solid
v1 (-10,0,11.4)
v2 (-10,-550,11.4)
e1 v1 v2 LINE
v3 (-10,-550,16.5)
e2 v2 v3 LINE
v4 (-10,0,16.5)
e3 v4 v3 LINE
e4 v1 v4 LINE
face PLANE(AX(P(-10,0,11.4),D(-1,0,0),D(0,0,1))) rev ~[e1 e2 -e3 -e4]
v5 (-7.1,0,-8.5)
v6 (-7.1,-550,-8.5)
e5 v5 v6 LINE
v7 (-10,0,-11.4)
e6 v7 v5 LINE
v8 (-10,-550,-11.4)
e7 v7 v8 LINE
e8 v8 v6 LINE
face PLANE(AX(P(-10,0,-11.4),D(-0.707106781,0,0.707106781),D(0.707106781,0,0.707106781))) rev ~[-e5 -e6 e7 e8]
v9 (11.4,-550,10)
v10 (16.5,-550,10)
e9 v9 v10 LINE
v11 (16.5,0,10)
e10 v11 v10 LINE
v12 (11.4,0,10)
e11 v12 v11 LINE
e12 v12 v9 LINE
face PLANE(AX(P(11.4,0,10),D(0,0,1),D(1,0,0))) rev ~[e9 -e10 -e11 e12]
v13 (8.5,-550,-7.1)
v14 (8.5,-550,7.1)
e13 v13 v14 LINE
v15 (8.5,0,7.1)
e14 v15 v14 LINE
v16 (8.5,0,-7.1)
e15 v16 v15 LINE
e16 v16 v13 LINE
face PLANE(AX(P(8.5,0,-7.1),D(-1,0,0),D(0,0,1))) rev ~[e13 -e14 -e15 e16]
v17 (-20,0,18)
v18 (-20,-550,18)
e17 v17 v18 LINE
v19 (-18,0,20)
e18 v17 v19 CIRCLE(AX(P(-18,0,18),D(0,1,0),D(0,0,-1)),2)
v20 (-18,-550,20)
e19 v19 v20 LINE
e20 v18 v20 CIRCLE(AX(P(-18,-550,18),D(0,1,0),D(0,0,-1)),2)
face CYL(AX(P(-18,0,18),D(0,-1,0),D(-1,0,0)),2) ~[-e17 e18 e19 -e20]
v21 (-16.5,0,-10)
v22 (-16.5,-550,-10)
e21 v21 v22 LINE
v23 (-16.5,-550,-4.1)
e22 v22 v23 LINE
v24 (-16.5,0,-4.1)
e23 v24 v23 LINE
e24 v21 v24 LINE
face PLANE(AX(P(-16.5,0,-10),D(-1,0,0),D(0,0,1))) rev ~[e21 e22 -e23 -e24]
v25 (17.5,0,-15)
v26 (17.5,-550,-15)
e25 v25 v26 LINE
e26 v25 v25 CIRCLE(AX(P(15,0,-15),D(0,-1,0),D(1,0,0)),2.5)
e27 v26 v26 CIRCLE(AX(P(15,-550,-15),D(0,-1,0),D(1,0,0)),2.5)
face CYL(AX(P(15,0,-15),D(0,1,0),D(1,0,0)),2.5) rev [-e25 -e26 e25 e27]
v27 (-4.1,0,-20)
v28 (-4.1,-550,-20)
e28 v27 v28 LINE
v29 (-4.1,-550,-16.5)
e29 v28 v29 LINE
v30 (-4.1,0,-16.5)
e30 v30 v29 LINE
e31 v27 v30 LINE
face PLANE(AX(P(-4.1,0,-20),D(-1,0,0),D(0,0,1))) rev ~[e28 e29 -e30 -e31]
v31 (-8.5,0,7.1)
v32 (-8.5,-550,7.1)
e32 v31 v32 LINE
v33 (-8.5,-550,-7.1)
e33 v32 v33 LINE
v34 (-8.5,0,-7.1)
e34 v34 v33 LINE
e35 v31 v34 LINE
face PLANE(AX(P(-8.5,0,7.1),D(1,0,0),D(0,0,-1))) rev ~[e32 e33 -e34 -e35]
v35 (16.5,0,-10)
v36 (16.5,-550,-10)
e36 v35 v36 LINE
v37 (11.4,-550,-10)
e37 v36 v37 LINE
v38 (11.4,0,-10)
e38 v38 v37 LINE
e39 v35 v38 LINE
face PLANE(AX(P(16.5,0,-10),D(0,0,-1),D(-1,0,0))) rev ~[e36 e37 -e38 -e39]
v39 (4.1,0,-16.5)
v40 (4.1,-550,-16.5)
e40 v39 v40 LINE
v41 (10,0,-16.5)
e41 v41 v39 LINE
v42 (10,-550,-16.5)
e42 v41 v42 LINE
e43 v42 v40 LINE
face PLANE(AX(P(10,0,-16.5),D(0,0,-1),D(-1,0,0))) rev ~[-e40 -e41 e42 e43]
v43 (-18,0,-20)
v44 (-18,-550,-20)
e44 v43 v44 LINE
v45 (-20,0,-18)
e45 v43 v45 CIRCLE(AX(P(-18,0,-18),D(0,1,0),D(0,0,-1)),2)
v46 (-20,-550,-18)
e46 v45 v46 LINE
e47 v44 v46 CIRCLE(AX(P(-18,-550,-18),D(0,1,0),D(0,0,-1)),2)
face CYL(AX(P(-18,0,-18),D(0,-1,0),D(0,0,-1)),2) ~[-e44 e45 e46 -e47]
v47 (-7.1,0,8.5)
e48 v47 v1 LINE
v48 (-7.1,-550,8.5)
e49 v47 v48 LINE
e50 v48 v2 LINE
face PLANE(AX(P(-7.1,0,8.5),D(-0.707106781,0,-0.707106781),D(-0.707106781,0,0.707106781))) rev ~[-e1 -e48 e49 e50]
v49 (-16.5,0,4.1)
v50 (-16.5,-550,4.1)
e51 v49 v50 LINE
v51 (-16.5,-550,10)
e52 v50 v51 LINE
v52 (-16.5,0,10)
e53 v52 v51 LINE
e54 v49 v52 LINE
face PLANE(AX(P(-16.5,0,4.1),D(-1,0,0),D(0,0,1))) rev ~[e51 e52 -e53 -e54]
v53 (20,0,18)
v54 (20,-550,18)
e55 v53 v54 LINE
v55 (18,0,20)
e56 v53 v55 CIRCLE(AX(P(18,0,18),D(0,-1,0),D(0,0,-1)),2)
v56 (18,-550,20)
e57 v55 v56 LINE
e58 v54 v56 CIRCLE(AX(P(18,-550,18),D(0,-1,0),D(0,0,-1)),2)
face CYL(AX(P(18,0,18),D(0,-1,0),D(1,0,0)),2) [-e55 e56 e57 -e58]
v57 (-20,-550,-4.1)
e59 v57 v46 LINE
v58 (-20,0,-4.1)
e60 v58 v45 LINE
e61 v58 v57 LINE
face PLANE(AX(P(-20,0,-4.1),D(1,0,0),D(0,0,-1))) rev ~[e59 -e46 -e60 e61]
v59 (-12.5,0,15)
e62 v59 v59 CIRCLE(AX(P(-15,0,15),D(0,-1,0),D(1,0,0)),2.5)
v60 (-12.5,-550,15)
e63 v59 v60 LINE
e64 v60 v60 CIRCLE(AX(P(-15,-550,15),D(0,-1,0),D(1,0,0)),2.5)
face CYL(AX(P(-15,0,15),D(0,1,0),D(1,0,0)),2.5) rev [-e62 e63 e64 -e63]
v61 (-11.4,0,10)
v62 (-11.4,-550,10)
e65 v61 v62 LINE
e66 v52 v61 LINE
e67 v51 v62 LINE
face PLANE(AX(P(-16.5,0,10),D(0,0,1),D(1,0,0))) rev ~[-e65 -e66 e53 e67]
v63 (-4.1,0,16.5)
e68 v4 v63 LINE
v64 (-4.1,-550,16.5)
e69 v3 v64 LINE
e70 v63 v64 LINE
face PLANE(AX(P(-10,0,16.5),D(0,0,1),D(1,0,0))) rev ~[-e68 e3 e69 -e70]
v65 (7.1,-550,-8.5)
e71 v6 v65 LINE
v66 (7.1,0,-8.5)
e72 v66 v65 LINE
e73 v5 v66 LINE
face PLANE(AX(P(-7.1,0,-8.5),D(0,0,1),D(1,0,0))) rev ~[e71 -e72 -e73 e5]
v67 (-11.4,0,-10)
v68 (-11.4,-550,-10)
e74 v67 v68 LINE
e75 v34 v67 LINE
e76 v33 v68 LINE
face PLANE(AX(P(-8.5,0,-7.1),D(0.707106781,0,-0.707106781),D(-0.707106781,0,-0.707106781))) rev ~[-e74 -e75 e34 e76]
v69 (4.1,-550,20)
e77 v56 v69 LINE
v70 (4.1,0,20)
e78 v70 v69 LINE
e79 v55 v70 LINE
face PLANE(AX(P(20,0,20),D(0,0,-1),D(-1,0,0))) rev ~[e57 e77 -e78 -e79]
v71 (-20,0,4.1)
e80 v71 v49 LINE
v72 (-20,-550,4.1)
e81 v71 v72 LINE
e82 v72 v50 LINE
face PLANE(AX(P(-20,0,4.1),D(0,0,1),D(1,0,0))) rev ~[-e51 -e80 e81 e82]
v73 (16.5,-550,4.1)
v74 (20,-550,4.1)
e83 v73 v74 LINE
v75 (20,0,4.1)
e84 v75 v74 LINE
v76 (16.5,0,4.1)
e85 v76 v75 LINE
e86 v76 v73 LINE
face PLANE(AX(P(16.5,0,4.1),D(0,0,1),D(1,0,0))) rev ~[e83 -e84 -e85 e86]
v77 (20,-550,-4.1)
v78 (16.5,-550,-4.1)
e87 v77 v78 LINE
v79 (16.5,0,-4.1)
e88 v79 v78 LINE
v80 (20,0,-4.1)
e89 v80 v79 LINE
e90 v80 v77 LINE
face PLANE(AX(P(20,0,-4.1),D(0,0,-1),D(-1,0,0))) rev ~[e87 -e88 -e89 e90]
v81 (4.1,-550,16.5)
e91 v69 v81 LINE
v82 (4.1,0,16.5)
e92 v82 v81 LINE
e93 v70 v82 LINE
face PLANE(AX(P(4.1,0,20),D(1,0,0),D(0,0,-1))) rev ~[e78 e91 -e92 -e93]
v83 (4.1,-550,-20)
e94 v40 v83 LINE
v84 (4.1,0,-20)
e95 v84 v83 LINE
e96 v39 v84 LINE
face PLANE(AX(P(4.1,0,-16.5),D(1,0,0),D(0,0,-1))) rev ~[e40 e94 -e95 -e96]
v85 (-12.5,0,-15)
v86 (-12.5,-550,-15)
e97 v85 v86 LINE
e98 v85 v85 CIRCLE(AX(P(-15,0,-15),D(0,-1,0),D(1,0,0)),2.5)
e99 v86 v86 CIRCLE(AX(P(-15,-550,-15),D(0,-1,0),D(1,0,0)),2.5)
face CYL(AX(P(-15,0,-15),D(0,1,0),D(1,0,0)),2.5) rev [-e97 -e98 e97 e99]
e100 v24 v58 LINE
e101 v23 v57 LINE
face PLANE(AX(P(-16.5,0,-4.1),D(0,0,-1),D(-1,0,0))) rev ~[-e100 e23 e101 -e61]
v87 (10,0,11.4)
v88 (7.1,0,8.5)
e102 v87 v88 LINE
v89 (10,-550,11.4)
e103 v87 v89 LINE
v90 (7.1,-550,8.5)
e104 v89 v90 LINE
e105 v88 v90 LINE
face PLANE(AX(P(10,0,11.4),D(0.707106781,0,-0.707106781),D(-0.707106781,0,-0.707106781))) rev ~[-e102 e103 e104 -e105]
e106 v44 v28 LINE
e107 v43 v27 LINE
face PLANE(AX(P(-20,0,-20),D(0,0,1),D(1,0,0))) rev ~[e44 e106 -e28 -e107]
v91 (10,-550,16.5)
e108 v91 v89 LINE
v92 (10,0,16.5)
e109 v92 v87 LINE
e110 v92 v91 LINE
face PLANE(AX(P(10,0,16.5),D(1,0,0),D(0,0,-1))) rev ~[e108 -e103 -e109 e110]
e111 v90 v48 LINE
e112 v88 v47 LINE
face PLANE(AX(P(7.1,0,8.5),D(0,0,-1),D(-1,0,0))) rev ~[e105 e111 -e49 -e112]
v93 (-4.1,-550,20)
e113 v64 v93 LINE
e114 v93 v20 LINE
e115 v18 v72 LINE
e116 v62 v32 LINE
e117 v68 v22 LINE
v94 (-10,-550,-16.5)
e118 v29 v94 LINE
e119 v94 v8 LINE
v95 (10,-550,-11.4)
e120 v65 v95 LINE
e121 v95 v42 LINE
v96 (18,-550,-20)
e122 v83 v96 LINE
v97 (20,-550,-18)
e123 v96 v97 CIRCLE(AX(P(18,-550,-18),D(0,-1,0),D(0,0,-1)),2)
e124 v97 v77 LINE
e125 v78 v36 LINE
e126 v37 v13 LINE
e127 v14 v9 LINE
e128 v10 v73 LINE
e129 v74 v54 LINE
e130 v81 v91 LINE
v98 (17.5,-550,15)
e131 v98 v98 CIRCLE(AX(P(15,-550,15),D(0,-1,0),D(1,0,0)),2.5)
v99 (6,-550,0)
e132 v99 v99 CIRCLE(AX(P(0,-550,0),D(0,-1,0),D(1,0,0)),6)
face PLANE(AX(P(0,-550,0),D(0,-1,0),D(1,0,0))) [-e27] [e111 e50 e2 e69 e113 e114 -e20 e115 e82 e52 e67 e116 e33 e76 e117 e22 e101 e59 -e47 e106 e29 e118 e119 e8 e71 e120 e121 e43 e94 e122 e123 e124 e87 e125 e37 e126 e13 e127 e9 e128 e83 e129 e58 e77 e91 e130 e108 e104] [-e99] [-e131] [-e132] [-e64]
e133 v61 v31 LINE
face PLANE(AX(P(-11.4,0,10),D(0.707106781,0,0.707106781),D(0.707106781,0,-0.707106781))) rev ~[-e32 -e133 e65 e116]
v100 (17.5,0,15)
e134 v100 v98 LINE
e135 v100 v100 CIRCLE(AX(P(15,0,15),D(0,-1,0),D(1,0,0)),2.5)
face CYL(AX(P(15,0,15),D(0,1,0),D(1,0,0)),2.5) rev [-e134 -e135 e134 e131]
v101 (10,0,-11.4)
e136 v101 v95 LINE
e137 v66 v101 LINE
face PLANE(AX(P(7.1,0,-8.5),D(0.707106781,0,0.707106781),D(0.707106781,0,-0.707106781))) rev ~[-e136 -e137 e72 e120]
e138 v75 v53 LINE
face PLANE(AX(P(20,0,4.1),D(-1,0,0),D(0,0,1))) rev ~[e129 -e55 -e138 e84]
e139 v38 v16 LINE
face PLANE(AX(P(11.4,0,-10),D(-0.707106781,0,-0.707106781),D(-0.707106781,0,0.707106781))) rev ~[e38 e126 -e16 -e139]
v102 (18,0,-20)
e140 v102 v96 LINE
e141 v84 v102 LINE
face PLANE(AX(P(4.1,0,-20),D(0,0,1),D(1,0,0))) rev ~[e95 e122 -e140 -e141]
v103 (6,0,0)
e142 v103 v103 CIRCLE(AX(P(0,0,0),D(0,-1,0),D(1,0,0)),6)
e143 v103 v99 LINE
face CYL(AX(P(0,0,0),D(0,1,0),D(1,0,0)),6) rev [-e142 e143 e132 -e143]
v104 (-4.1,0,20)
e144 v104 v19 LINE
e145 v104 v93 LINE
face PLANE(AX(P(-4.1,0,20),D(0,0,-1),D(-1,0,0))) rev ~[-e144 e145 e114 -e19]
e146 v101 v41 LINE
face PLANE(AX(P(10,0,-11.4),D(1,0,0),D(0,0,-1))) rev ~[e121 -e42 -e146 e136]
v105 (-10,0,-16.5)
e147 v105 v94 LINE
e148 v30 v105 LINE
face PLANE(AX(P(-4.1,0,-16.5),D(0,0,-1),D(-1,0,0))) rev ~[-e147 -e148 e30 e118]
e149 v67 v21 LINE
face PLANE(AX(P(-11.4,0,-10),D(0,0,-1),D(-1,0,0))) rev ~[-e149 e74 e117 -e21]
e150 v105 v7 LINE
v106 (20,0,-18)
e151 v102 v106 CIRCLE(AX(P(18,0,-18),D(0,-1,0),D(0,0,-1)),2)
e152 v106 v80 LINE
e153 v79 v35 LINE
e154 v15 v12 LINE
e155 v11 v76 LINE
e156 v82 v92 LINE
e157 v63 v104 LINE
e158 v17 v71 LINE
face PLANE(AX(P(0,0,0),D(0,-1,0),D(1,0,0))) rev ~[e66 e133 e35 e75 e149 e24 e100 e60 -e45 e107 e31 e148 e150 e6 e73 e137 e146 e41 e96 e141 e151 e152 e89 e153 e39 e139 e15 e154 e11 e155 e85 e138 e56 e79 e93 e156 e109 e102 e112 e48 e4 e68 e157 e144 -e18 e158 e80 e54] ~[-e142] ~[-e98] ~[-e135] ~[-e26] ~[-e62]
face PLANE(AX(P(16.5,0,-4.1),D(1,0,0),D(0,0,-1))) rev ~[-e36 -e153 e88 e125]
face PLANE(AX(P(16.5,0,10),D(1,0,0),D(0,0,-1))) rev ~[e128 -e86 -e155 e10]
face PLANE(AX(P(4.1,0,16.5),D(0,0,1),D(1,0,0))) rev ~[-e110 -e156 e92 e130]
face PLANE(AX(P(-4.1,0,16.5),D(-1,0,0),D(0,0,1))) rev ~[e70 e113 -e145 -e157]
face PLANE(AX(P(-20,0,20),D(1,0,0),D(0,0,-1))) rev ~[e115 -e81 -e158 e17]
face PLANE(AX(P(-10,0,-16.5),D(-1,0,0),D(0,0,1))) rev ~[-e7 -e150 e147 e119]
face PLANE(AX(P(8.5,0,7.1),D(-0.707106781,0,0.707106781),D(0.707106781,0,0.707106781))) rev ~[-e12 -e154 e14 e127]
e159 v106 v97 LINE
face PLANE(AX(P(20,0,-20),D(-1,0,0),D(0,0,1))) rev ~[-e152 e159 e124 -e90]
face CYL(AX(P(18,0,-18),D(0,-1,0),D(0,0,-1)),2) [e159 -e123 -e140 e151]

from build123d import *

# Parameters (mm, degrees)
F0_R     = 2.5
F0_R_2   = 6
F1_DEPTH = 550
F2_R     = 2


with BuildPart() as f1:
    # F0 (on Front) → F1 (new body)
    with BuildSketch(Plane.XZ):
        Polygon((4.1, -20), (20, -20), (20, -4.1), (16.5, -4.1), (16.5, -10), (11.4, -10), (8.5, -7.1), (8.5, 0), (8.5, 7.1), (11.4, 10), (16.5, 10), (16.5, 4.1), (20, 4.1), (20, 20), (4.1, 20), (4.1, 16.5), (10, 16.5), (10, 11.4), (7.1, 8.5), (0, 8.5), (-7.1, 8.5), (-10, 11.4), (-10, 16.5), (-4.1, 16.5), (-4.1, 20), (-20, 20), (-20, 4.1), (-16.5, 4.1), (-16.5, 10), (-11.4, 10), (-8.5, 7.1), (-8.5, 0), (-8.5, -7.1), (-11.4, -10), (-16.5, -10), (-16.5, -4.1), (-20, -4.1), (-20, -20), (-4.1, -20), (-4.1, -16.5), (-10, -16.5), (-10, -11.4), (-7.1, -8.5), (0, -8.5), (7.1, -8.5), (10, -11.4), (10, -16.5), (4.1, -16.5), align=None)
        with Locations((-15, -15)):
            Circle(F0_R, mode=Mode.SUBTRACT)
        with Locations((15, -15)):
            Circle(F0_R, mode=Mode.SUBTRACT)
        with Locations((-15, 15)):
            Circle(F0_R, mode=Mode.SUBTRACT)
        Circle(F0_R_2, mode=Mode.SUBTRACT)
        with Locations((15, 15)):
            Circle(F0_R, mode=Mode.SUBTRACT)
    extrude(amount=F1_DEPTH)

    # F2
    f2_edges = [f1.edges().sort_by_distance(p)[0] for p in [
        (20, -275, 20),
        (-20, -275, 20),
        (-20, -275, -20),
        (20, -275, -20),
    ]]
    fillet(f2_edges, radius=F2_R)


solid = f1.part
